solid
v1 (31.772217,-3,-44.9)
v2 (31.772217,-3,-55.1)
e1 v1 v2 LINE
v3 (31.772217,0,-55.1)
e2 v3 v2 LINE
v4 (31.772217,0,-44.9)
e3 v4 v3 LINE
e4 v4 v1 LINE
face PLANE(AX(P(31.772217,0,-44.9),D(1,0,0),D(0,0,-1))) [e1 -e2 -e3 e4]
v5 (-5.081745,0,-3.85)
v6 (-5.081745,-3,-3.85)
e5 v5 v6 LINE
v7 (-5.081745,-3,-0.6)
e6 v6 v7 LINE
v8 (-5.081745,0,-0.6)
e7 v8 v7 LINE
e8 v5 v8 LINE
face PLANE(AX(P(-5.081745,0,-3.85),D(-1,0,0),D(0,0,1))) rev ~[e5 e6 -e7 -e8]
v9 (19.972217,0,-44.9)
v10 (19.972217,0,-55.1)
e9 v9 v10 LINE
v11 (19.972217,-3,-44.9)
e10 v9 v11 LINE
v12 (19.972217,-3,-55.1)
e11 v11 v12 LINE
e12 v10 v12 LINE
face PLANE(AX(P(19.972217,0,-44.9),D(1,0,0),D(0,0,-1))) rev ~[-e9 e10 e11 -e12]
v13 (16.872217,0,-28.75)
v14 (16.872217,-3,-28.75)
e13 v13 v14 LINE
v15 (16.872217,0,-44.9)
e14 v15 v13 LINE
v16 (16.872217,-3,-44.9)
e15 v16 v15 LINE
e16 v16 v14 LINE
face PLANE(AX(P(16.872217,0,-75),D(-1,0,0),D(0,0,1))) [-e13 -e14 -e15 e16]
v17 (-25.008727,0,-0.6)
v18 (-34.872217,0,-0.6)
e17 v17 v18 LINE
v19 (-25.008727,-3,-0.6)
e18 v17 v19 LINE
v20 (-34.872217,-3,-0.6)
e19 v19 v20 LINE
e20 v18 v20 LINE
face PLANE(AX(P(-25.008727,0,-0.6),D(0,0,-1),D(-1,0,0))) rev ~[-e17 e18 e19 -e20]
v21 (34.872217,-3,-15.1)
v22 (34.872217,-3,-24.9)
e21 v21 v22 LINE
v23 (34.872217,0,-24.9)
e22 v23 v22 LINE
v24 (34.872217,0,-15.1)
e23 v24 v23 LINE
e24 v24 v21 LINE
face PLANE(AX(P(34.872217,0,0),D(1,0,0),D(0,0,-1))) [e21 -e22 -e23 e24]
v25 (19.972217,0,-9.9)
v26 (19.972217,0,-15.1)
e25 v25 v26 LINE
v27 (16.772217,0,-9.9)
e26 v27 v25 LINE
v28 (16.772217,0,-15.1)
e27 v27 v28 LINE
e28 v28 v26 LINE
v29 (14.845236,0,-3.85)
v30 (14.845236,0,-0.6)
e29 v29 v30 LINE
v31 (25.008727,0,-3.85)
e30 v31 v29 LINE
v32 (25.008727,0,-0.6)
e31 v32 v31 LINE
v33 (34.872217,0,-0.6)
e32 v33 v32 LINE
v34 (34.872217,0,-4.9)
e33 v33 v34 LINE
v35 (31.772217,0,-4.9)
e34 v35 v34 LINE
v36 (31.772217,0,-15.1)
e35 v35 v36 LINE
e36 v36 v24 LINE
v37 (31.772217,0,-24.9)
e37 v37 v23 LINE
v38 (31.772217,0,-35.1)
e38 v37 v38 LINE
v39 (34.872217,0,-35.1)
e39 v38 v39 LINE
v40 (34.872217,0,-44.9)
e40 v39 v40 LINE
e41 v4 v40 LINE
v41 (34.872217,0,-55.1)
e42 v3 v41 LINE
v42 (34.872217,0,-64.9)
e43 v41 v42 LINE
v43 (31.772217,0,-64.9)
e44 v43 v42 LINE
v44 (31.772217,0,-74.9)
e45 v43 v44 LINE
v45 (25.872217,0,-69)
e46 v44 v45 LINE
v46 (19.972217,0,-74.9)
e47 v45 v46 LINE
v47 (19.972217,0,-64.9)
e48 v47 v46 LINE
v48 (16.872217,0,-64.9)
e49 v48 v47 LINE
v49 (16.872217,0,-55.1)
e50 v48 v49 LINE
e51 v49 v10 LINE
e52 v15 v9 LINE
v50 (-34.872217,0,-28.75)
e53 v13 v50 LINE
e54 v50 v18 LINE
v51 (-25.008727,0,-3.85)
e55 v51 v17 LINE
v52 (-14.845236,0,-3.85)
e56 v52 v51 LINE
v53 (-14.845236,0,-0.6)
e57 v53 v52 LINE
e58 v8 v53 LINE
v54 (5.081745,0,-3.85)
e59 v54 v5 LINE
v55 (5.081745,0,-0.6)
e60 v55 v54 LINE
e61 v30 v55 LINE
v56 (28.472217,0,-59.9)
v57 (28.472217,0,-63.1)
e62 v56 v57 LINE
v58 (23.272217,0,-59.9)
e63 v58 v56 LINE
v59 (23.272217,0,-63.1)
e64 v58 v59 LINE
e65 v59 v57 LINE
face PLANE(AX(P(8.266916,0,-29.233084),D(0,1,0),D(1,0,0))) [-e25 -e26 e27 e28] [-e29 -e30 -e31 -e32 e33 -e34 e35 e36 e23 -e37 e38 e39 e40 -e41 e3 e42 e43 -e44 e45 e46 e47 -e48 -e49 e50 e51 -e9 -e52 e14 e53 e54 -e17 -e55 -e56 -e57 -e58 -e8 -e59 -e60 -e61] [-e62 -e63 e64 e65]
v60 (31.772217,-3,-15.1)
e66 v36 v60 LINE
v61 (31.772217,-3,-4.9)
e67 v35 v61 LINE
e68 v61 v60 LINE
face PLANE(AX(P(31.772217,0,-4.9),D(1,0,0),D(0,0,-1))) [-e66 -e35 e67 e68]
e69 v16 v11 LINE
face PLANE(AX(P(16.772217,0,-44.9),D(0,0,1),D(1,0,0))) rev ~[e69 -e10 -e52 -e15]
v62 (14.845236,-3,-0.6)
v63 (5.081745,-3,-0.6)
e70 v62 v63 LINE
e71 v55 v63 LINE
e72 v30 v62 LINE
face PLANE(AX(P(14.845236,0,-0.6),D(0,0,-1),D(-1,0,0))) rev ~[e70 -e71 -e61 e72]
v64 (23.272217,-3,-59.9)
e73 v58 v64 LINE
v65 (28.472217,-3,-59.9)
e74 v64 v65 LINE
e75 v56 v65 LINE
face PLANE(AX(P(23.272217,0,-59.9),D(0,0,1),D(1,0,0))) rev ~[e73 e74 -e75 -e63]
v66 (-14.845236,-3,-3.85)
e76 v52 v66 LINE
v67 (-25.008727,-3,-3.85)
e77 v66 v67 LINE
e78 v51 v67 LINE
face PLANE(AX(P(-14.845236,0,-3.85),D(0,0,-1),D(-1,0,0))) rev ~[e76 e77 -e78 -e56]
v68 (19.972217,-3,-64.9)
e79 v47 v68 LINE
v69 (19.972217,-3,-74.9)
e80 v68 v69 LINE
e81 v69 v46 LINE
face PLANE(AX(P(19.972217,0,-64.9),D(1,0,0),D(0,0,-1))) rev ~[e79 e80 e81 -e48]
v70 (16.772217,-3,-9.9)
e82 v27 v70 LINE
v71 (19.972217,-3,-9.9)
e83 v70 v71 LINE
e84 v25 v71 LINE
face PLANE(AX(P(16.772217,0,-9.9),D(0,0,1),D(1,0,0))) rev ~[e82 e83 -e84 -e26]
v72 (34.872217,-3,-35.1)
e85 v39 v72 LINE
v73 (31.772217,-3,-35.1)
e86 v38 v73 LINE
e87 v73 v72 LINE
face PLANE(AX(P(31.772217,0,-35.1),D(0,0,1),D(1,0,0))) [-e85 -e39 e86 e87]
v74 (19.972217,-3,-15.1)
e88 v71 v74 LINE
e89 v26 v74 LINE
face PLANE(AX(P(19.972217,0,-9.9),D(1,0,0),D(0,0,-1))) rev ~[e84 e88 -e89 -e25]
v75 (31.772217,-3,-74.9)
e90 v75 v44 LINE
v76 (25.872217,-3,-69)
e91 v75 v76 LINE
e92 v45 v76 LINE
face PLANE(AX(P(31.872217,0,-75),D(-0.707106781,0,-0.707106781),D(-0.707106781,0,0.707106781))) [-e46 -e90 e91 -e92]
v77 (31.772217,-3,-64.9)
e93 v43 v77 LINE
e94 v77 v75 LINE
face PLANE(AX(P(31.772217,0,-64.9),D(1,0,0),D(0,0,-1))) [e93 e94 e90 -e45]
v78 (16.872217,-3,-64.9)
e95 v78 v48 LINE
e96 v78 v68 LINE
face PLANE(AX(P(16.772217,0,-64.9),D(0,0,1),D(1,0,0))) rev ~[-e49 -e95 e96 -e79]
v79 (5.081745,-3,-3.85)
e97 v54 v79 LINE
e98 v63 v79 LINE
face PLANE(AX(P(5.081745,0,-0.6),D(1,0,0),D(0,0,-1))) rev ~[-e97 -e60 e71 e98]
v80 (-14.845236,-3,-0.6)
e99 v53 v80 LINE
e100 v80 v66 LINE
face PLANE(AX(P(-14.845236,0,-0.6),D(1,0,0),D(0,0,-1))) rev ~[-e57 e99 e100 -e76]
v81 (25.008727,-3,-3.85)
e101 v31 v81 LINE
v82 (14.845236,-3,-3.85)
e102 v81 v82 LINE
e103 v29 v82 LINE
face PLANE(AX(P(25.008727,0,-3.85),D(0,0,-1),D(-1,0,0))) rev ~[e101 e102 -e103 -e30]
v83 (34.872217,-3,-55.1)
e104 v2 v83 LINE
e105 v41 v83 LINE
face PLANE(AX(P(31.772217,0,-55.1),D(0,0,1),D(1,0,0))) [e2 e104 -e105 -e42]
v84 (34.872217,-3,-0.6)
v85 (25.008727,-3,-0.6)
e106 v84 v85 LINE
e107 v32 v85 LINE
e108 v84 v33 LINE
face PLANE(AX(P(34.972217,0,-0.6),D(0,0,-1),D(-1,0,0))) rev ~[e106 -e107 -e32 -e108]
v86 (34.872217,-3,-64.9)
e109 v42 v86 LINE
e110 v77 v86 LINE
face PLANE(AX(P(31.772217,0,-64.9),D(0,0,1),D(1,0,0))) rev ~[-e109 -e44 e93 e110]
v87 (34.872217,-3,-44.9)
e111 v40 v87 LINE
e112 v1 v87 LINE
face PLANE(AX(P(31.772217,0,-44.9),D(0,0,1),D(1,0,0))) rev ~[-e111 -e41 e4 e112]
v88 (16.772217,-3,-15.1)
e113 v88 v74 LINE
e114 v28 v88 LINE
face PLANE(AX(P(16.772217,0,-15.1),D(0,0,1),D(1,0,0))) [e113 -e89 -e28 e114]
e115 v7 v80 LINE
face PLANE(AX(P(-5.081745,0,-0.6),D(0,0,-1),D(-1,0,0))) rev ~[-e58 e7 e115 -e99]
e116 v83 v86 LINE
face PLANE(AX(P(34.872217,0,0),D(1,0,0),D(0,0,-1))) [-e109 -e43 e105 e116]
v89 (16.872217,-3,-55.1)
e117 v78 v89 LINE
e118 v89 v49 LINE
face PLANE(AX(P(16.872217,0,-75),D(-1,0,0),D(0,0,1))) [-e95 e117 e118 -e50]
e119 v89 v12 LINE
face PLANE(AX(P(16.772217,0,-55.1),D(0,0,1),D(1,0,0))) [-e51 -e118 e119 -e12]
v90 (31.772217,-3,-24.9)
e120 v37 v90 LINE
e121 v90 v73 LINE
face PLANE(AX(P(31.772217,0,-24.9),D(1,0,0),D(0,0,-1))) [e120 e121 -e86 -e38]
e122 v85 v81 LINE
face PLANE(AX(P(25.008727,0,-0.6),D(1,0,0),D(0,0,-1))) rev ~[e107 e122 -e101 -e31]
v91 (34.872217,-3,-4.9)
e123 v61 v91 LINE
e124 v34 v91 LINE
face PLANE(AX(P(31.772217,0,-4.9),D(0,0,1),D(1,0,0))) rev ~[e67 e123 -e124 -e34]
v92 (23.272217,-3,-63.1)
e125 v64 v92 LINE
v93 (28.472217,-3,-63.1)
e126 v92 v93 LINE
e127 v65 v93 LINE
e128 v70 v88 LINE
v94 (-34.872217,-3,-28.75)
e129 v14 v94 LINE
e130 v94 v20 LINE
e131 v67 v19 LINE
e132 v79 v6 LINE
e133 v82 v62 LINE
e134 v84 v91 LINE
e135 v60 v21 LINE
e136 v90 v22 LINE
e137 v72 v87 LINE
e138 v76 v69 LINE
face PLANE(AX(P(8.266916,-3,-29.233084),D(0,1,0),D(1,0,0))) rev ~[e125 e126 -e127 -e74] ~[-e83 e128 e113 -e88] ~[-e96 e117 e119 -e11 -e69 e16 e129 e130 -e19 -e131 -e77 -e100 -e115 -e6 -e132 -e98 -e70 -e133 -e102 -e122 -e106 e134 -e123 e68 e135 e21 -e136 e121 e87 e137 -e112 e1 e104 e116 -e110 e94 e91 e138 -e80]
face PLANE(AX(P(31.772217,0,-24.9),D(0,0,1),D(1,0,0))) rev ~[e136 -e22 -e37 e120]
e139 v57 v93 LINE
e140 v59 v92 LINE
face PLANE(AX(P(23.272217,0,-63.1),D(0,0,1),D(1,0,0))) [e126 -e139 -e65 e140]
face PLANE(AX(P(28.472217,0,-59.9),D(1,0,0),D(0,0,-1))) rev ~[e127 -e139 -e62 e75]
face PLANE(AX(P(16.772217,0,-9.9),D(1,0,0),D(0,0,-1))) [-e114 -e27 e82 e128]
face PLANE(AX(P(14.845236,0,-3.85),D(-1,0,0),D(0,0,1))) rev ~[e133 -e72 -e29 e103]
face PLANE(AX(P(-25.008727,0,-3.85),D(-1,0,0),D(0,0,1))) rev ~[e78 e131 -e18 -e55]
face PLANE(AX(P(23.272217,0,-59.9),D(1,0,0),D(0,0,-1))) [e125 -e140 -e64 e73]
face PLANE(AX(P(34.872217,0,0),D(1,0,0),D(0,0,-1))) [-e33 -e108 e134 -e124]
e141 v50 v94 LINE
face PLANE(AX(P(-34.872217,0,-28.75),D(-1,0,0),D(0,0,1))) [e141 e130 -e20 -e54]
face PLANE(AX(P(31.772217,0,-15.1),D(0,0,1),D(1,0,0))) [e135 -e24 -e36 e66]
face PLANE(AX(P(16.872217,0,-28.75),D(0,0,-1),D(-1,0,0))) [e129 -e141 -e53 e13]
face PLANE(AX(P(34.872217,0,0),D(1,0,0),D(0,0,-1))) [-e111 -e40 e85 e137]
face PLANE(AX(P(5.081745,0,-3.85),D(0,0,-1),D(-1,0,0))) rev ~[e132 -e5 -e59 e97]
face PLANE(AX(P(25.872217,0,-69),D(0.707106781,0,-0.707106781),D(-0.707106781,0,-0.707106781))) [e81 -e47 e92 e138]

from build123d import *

# Parameters (mm, degrees)
BOSS_EXTRUDE1_DEPTH = 3
SKETCH8_W           = 3.2
SKETCH8_H           = 10.2
SKETCH8_W_2         = 5.2
SKETCH8_H_2         = 3.2
SKETCH8_H_3         = 5.2
CUT_EXTRUDE4_DEPTH  = 4
CUT_EXTRUDE2_DEPTH  = 4


with BuildPart() as part:
    # Sketch1 → Boss-Extrude1 (new body)
    with BuildSketch(Plane(origin=(0, 0, 0), x_dir=(1, 0, 0), z_dir=(0, 1, 0))):
        Polygon((-34.872217102, 0), (34.872217102, 0), (34.872217102, 75), (16.872217102, 75), (16.872217102, 28.75), (-34.872217102, 28.75), align=None)
    extrude(amount=-BOSS_EXTRUDE1_DEPTH)

    # Sketch8 → Cut-Extrude4 (cut, through all)
    with BuildSketch(Plane(origin=(0, 0, 0), x_dir=(1, 0, 0), z_dir=(0, 1, 0))):
        with Locations((33.372217102, 50)):
            Rectangle(SKETCH8_W, SKETCH8_H)
        with Locations((33.372217102, 70)):
            Rectangle(SKETCH8_W, SKETCH8_H)
        with Locations((25.872217102, 61.5)):
            Rectangle(SKETCH8_W_2, SKETCH8_H_2)
        with Locations((33.372217102, 10)):
            Rectangle(SKETCH8_W, SKETCH8_H)
        with Locations((33.372217102, 30)):
            Rectangle(SKETCH8_W, SKETCH8_H)
        with Locations((18.372217102, 12.5)):
            Rectangle(SKETCH8_W, SKETCH8_H_3)
        with Locations((18.372217102, 70)):
            Rectangle(SKETCH8_W, SKETCH8_H)
        Polygon((-34.972217102, 0.6), (-34.972217102, -0.1), (34.972217102, -0.1), (34.972217102, 0.6), (25.008726501, 0.6), (25.008726501, 3.85), (14.845235901, 3.85), (14.845235901, 0.6), (5.0817453, 0.6), (5.0817453, 3.85), (-5.0817453, 3.85), (-5.0817453, 0.6), (-14.845235901, 0.6), (-14.845235901, 3.85), (-25.008726501, 3.85), (-25.008726501, 0.6), align=None)
        with Locations((18.372217102, 50)):
            Rectangle(SKETCH8_W, SKETCH8_H)
    extrude(amount=-CUT_EXTRUDE4_DEPTH, mode=Mode.SUBTRACT)

    # Sketch5 → Cut-Extrude2 (cut, through all)
    with BuildSketch(Plane(origin=(0, 0, 0), x_dir=(1, 0, 0), z_dir=(0, 1, 0))):
        Polygon((31.872217102, 75), (25.872217102, 69), (19.872217102, 75), align=None)
    extrude(amount=-CUT_EXTRUDE2_DEPTH, mode=Mode.SUBTRACT)


solid = part.part
